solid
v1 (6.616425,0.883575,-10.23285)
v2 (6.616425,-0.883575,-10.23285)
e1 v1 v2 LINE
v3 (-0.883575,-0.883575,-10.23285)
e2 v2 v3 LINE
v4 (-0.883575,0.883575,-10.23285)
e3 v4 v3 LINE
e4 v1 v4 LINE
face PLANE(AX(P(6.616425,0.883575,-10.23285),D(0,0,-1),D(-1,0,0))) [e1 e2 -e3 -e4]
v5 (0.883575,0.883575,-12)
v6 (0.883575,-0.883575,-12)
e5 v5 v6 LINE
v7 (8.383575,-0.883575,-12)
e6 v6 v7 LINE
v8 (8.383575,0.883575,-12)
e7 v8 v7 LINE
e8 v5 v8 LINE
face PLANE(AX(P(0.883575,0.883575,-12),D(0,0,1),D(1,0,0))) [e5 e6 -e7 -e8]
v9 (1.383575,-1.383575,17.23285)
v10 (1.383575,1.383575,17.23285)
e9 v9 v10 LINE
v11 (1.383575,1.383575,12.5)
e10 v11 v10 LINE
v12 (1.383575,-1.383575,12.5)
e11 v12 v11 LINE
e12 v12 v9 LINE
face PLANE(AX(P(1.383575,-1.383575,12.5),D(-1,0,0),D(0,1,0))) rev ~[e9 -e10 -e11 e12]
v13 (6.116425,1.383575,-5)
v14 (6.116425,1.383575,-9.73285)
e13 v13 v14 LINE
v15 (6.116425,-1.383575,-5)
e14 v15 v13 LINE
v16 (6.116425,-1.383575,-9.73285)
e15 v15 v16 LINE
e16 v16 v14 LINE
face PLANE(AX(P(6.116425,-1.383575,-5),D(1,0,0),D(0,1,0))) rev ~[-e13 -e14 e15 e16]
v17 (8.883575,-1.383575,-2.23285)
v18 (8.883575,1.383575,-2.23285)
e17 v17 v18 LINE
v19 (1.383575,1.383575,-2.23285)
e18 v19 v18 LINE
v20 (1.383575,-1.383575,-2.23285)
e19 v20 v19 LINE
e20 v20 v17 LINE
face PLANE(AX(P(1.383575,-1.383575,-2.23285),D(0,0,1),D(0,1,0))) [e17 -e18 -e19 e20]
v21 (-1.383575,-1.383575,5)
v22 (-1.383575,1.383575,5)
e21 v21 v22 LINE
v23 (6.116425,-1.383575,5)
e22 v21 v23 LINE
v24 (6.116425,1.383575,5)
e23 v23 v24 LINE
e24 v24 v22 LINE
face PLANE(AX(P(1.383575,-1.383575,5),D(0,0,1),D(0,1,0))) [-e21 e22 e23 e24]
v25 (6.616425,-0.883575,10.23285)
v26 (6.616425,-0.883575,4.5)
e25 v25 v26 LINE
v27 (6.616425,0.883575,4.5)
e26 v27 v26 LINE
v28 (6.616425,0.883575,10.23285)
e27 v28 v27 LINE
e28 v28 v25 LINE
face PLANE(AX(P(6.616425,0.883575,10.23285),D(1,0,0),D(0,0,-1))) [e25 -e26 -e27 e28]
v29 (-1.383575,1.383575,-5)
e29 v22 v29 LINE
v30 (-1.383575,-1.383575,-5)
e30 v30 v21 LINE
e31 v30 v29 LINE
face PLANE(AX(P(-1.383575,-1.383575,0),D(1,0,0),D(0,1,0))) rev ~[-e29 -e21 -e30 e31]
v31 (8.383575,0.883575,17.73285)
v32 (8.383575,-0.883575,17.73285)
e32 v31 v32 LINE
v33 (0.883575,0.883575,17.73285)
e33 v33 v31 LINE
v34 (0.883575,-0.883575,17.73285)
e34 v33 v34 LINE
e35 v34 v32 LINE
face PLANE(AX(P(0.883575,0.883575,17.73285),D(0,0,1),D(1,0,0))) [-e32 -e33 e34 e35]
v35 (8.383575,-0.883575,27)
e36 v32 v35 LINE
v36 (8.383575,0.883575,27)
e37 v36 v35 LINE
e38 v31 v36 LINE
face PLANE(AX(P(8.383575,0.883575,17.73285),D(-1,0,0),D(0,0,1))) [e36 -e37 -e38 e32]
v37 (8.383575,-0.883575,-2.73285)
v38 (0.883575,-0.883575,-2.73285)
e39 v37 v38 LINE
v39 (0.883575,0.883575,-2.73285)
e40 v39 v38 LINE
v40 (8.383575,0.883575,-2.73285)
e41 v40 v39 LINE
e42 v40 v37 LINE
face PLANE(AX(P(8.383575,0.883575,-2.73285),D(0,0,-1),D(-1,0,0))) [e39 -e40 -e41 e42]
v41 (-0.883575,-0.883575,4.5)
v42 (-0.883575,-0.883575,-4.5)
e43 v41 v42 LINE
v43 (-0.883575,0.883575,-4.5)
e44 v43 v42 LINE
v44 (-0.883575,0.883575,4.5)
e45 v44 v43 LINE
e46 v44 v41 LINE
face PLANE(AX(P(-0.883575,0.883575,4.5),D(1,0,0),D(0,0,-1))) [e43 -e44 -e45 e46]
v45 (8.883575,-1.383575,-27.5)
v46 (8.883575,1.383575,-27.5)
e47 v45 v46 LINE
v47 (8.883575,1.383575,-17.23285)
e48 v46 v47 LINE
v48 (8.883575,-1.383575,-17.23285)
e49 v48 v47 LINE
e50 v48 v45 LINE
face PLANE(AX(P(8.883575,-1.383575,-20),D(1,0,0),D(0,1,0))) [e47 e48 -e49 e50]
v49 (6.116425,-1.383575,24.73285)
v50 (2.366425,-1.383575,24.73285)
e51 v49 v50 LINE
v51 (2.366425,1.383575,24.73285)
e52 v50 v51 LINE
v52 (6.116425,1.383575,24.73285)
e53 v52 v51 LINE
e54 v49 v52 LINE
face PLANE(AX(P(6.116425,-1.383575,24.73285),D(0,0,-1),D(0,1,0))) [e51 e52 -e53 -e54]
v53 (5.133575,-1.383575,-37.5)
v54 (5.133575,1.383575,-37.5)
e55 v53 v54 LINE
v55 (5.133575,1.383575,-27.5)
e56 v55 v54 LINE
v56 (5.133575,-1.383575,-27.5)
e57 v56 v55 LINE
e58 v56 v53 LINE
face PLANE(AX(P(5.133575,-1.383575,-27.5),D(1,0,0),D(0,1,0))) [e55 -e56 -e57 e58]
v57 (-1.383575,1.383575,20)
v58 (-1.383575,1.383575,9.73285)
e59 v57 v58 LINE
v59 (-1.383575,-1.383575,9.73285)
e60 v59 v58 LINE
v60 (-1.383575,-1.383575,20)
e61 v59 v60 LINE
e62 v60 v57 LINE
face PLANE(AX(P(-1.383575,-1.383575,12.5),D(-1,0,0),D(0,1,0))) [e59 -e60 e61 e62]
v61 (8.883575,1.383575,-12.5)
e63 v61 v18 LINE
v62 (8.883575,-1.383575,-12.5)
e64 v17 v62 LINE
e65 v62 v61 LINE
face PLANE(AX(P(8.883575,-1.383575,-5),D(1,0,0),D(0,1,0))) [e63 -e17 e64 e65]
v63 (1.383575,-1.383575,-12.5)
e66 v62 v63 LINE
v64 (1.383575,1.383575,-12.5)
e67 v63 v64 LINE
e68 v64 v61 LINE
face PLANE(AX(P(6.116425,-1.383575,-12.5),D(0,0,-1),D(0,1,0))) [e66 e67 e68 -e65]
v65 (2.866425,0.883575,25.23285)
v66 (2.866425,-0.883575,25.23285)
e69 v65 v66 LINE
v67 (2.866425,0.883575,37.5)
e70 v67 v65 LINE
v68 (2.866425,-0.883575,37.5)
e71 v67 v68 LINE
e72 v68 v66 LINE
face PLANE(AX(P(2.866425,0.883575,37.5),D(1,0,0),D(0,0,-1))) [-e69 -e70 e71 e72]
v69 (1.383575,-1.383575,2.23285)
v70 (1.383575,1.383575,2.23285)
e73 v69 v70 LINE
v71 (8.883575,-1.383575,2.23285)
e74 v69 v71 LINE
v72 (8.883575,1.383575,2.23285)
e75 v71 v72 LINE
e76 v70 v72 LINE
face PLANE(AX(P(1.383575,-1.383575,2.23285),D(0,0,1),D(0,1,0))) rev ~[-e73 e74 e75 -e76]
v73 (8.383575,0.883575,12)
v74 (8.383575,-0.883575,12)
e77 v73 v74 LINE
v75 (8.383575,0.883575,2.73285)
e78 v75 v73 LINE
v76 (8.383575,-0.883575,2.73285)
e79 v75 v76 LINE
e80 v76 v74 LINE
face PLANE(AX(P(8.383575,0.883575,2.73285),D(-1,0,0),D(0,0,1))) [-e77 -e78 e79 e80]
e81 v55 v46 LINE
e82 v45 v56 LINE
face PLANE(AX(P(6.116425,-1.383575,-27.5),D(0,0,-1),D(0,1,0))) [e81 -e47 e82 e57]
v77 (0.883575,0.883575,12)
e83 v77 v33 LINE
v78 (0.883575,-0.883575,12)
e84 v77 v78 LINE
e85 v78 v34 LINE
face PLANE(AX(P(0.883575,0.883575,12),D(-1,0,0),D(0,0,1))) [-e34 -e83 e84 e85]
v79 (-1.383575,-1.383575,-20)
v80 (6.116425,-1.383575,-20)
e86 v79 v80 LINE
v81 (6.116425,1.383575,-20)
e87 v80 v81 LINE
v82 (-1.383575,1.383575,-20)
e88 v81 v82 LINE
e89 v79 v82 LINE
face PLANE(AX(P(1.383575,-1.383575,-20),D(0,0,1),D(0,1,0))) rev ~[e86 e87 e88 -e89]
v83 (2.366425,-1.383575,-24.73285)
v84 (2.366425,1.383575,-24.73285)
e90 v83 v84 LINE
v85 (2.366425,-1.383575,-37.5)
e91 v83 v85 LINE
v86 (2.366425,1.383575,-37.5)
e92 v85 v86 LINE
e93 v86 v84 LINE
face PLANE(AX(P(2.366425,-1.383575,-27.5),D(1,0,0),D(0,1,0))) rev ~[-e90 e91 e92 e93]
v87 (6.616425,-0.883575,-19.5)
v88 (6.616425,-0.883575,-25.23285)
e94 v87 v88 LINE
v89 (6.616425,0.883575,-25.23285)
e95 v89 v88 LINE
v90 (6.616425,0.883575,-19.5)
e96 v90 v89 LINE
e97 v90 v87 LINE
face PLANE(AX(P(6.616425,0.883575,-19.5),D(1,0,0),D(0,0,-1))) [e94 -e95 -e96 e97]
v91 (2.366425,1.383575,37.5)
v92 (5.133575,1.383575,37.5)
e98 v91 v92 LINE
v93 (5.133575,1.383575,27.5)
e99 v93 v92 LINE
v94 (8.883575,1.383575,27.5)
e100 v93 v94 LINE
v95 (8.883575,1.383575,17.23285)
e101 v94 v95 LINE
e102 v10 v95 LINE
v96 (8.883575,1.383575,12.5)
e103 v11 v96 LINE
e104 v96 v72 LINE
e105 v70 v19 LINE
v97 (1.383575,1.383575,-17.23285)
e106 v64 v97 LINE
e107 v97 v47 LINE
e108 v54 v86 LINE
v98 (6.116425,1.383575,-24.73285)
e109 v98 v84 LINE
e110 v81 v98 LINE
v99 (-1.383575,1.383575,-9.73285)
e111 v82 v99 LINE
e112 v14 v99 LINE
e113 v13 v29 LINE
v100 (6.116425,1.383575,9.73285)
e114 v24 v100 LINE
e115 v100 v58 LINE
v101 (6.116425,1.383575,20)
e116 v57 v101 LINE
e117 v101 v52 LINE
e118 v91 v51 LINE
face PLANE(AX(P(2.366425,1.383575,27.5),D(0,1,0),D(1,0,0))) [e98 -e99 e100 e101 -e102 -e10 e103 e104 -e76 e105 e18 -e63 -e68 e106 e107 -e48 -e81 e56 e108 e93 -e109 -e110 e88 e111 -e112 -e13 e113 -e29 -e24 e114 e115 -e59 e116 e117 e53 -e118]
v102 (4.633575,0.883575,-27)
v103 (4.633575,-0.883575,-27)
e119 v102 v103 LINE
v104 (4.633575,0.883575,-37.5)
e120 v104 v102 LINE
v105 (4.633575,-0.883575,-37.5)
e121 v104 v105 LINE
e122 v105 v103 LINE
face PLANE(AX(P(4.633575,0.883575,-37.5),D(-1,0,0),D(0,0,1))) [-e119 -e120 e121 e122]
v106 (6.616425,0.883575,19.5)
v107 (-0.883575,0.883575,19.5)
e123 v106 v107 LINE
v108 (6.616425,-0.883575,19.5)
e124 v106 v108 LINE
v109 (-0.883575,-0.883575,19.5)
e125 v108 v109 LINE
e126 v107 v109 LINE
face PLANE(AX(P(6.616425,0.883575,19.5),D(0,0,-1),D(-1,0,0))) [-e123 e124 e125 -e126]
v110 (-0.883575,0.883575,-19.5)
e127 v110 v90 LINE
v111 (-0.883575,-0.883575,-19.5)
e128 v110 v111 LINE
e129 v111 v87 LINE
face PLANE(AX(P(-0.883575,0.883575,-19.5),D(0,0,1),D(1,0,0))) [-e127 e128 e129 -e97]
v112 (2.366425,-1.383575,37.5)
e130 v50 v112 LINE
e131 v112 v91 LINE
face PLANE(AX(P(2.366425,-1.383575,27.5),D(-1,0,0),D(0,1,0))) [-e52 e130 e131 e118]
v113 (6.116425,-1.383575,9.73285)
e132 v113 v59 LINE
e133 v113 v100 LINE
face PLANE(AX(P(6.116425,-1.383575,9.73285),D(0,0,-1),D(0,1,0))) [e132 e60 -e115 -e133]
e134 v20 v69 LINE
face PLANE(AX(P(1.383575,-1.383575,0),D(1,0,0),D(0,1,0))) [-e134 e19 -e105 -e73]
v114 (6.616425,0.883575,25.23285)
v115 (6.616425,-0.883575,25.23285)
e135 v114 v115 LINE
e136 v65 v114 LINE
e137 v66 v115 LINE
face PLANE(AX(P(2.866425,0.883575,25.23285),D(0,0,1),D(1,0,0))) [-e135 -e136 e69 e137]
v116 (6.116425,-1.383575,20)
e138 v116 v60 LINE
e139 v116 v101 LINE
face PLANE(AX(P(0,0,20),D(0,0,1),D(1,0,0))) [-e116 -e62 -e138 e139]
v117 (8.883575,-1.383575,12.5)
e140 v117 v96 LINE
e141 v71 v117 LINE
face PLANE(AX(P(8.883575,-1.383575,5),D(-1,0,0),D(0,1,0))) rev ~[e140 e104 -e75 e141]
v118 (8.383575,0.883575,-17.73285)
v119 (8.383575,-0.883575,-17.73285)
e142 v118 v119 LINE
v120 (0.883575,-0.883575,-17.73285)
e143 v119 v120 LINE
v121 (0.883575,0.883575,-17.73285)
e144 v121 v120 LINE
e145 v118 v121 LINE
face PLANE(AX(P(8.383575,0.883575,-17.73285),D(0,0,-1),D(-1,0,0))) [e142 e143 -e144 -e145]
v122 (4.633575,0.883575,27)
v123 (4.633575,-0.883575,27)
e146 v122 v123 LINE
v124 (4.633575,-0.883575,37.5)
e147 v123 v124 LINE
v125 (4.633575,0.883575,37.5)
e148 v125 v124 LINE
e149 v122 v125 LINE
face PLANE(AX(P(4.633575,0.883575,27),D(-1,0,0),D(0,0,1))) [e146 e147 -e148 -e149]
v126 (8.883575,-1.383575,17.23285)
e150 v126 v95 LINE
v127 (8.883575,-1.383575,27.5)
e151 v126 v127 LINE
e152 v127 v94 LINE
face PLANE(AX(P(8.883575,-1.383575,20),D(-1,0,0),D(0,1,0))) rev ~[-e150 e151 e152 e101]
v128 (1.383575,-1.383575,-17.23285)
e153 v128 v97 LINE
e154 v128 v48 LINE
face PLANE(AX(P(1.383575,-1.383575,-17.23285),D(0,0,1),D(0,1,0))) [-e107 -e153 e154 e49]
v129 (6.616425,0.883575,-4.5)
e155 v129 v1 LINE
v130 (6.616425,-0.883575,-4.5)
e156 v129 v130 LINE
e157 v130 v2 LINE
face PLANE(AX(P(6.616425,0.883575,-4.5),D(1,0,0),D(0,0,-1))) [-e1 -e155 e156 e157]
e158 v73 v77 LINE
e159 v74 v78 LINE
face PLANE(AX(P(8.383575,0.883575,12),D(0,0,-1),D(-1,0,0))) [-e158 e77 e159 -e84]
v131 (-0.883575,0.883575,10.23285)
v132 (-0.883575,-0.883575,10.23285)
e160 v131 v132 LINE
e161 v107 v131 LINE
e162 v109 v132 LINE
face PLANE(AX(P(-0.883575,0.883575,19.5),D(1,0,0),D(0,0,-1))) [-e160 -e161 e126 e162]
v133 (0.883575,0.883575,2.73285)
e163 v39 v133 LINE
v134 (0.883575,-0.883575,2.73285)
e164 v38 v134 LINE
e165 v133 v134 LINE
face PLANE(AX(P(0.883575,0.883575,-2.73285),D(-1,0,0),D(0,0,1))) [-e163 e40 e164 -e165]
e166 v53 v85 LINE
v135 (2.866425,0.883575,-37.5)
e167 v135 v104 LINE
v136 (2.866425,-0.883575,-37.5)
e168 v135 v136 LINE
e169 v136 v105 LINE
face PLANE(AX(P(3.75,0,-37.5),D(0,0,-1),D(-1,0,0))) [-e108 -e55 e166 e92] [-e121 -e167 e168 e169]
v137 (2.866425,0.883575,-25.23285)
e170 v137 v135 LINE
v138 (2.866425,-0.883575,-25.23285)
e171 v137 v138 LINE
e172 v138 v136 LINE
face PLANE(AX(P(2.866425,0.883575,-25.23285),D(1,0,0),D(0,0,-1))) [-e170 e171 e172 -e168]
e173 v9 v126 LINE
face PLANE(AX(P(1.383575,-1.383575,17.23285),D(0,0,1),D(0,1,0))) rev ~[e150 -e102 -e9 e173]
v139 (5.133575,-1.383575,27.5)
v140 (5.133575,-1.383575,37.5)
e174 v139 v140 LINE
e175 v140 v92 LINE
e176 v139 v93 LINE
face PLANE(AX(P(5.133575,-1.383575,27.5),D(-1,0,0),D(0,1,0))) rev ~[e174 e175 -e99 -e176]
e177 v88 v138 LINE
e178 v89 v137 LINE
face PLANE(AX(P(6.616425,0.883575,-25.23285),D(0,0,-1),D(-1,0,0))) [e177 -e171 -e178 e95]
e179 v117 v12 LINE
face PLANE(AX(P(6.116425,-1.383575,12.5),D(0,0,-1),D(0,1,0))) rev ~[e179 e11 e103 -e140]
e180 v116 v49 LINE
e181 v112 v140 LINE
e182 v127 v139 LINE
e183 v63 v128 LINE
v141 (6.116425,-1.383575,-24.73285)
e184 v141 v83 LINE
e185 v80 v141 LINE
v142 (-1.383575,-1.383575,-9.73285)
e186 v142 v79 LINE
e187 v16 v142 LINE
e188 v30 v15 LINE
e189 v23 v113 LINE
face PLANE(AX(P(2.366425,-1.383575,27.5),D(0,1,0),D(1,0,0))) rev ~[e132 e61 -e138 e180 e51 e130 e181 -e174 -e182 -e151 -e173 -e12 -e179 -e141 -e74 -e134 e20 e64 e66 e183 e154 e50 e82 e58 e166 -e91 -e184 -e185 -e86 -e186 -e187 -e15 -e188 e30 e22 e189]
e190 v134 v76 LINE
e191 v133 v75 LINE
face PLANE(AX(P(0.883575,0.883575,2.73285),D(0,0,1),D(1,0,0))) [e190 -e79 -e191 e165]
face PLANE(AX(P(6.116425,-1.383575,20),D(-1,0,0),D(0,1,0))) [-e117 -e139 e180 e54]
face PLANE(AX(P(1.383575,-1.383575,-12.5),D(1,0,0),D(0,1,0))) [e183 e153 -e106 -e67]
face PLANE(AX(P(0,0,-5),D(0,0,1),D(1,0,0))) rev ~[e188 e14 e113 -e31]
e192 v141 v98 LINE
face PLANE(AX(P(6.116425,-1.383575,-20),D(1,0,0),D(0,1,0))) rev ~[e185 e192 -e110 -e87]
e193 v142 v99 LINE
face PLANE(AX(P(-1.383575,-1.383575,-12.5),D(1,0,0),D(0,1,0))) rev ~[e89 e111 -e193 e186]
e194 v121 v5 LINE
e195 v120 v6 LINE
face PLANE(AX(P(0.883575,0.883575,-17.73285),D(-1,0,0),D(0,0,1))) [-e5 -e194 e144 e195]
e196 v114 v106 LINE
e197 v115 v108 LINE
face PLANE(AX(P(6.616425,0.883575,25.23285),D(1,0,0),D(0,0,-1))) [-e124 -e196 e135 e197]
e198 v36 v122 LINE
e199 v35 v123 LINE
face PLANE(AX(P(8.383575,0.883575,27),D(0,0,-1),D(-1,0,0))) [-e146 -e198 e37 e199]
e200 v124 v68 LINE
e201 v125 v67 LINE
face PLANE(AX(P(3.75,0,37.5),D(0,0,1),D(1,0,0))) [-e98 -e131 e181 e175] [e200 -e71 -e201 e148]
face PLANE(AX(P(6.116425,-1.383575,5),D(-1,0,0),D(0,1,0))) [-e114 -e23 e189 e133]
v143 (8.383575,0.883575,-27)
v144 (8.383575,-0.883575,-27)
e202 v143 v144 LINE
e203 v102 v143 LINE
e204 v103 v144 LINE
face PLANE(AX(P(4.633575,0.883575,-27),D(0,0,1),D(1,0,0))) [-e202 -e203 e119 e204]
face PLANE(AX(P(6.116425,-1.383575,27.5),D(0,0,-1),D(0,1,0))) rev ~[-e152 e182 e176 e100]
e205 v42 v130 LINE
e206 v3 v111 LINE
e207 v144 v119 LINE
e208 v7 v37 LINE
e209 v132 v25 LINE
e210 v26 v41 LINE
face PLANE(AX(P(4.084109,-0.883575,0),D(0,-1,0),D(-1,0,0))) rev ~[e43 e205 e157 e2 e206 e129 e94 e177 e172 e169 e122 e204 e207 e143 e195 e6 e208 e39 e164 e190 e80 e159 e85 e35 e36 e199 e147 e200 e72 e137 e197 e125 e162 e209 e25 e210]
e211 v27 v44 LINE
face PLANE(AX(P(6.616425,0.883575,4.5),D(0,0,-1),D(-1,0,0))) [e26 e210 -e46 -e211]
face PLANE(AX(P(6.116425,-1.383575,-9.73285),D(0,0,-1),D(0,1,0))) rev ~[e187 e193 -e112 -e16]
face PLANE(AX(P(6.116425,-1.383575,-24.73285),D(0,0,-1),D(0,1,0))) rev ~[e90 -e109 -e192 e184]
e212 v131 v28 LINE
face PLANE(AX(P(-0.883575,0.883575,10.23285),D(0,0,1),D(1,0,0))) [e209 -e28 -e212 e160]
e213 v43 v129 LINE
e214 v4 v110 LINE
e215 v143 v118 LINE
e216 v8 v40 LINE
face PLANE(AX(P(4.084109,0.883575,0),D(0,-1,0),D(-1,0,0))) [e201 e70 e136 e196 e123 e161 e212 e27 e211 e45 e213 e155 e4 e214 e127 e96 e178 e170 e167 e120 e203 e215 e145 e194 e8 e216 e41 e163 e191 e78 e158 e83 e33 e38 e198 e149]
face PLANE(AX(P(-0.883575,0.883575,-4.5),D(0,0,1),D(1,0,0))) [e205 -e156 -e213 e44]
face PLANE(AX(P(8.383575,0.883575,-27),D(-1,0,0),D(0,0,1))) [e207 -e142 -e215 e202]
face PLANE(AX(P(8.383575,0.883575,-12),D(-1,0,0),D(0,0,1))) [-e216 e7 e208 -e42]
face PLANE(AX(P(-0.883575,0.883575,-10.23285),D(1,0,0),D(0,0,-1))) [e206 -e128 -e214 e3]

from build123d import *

# Parameters (mm, degrees)
SKETCH3_W            = 2.76715
SKETCH3_H            = 2.76715
BOSS_EXTRUDE1_DEPTH  = 5
SKETCH4_W            = 2.76715
SKETCH4_H            = 2.76715
BOSS_EXTRUDE2_DEPTH  = 7.5
SKETCH5_W            = 2.76715
SKETCH5_H            = 2.76715
BOSS_EXTRUDE3_DEPTH  = 7.5
SKETCH6_W            = 2.76715
SKETCH6_H            = 2.76715
BOSS_EXTRUDE4_DEPTH  = 7.5
SKETCH7_W            = 2.76715
SKETCH7_H            = 2.76715
BOSS_EXTRUDE5_DEPTH  = 7.5
SKETCH8_W            = 2.76715
SKETCH8_H            = 2.76715
BOSS_EXTRUDE6_DEPTH  = 7.5
SKETCH9_W            = 2.76715
SKETCH9_H            = 2.76715
BOSS_EXTRUDE7_DEPTH  = 7.5
SKETCH10_W           = 2.76715
SKETCH10_H           = 2.76715
BOSS_EXTRUDE8_DEPTH  = 7.5
SKETCH11_W           = 2.76715
SKETCH11_H           = 2.76715
BOSS_EXTRUDE9_DEPTH  = 7.5
SKETCH12_W           = 2.76715
SKETCH12_H           = 2.76715
BOSS_EXTRUDE10_DEPTH = 7.5
SKETCH13_W           = 2.76715
SKETCH13_H           = 2.76715
BOSS_EXTRUDE11_DEPTH = 3.75
SKETCH14_W           = 2.76715
SKETCH14_H           = 2.76715
BOSS_EXTRUDE12_DEPTH = 10
SKETCH15_W           = 2.76715
SKETCH15_H           = 2.76715
BOSS_EXTRUDE13_DEPTH = 7.5
SKETCH16_W           = 2.76715
SKETCH16_H           = 2.76715
BOSS_EXTRUDE14_DEPTH = 3.75
SKETCH17_W           = 2.76715
SKETCH17_H           = 2.76715
BOSS_EXTRUDE15_DEPTH = 10
CUT_EXTRUDE3_START   = -0.5
CUT_EXTRUDE3_DEPTH   = 1.76715


with BuildPart() as part:
    # Sketch3 → Boss-Extrude1 (new, symmetric)
    with BuildSketch(Plane.XY):
        Rectangle(SKETCH3_W, SKETCH3_H)
    extrude(amount=BOSS_EXTRUDE1_DEPTH, both=True)

    # Sketch4 → Boss-Extrude2 (add)
    with BuildSketch(Plane(origin=(1.383575, 0, 0), x_dir=(0, 0, -1), z_dir=(1, 0, 0))):
        with Locations((-3.616425, 0)):
            Rectangle(SKETCH4_W, SKETCH4_H)
        with Locations((3.616425, 0)):
            Rectangle(SKETCH4_W, SKETCH4_H)
    extrude(amount=BOSS_EXTRUDE2_DEPTH)

    # Sketch5 → Boss-Extrude3 (add)
    with BuildSketch(Plane.XY.offset(5)):
        with Locations((7.5, 0)):
            Rectangle(SKETCH5_W, SKETCH5_H)
    extrude(amount=BOSS_EXTRUDE3_DEPTH)

    # Sketch6 → Boss-Extrude4 (add)
    with BuildSketch(Plane.ZY.offset(-6.116425)):
        with Locations((11.116425, 0)):
            Rectangle(SKETCH6_W, SKETCH6_H)
    extrude(amount=BOSS_EXTRUDE4_DEPTH)

    # Sketch7 → Boss-Extrude5 (add)
    with BuildSketch(Plane.XY.offset(12.5)):
        Rectangle(SKETCH7_W, SKETCH7_H)
    extrude(amount=BOSS_EXTRUDE5_DEPTH)

    # Sketch8 → Boss-Extrude6 (add)
    with BuildSketch(Plane(origin=(0, 0, -5), x_dir=(-1, 0, 0), z_dir=(0, 0, -1))):
        with Locations((-7.5, 0)):
            Rectangle(SKETCH8_W, SKETCH8_H)
    extrude(amount=BOSS_EXTRUDE6_DEPTH)

    # Sketch9 → Boss-Extrude7 (add)
    with BuildSketch(Plane.ZY.offset(-6.116425)):
        with Locations((-11.116425, 0)):
            Rectangle(SKETCH9_W, SKETCH9_H)
    extrude(amount=BOSS_EXTRUDE7_DEPTH)

    # Sketch10 → Boss-Extrude8 (add)
    with BuildSketch(Plane(origin=(0, 0, -12.5), x_dir=(-1, 0, 0), z_dir=(0, 0, -1))):
        Rectangle(SKETCH10_W, SKETCH10_H)
    extrude(amount=BOSS_EXTRUDE8_DEPTH)

    # Sketch11 → Boss-Extrude9 (add)
    with BuildSketch(Plane(origin=(1.383575, 0, 0), x_dir=(0, 0, -1), z_dir=(1, 0, 0))):
        with Locations((18.616425, 0)):
            Rectangle(SKETCH11_W, SKETCH11_H)
        with Locations((-18.616425, 0)):
            Rectangle(SKETCH11_W, SKETCH11_H)
    extrude(amount=BOSS_EXTRUDE9_DEPTH)

    # Sketch12 → Boss-Extrude10 (add)
    with BuildSketch(Plane(origin=(0, 0, -20), x_dir=(-1, 0, 0), z_dir=(0, 0, -1))):
        with Locations((-7.5, 0)):
            Rectangle(SKETCH12_W, SKETCH12_H)
    extrude(amount=BOSS_EXTRUDE10_DEPTH)

    # Sketch13 → Boss-Extrude11 (add)
    with BuildSketch(Plane.ZY.offset(-6.116425)):
        with Locations((-26.116425, 0)):
            Rectangle(SKETCH13_W, SKETCH13_H)
    extrude(amount=BOSS_EXTRUDE11_DEPTH)

    # Sketch14 → Boss-Extrude12 (add)
    with BuildSketch(Plane(origin=(0, 0, -27.5), x_dir=(-1, 0, 0), z_dir=(0, 0, -1))):
        with Locations((-3.75, 0)):
            Rectangle(SKETCH14_W, SKETCH14_H)
    extrude(amount=BOSS_EXTRUDE12_DEPTH)

    # Sketch15 → Boss-Extrude13 (add)
    with BuildSketch(Plane.XY.offset(20)):
        with Locations((7.5, 0)):
            Rectangle(SKETCH15_W, SKETCH15_H)
    extrude(amount=BOSS_EXTRUDE13_DEPTH)

    # Sketch16 → Boss-Extrude14 (add)
    with BuildSketch(Plane.ZY.offset(-6.116425)):
        with Locations((26.116425, 0)):
            Rectangle(SKETCH16_W, SKETCH16_H)
    extrude(amount=BOSS_EXTRUDE14_DEPTH)

    # Sketch17 → Boss-Extrude15 (add)
    with BuildSketch(Plane.XY.offset(27.5)):
        with Locations((3.75, 0)):
            Rectangle(SKETCH17_W, SKETCH17_H)
    extrude(amount=BOSS_EXTRUDE15_DEPTH)

    # Sketch23 → Cut-Extrude3 (cut)
    with BuildSketch(Plane(origin=(0, 1.383575, 0), x_dir=(1, 0, 0), z_dir=(0, 1, 0)).offset(CUT_EXTRUDE3_START)):
        Polygon((2.866425, 37.5), (4.633575, 37.5), (4.633575, 27), (8.383575, 27), (8.383575, 17.73285), (0.883575, 17.73285), (0.883575, 12), (8.383575, 12), (8.383575, 2.73285), (0.883575, 2.73285), (0.883575, -2.73285), (8.383575, -2.73285), (8.383575, -12), (0.883575, -12), (0.883575, -17.73285), (8.383575, -17.73285), (8.383575, -27), (4.633575, -27), (4.633575, -37.5), (2.866425, -37.5), (2.866425, -25.23285), (6.616425, -25.23285), (6.616425, -19.5), (-0.883575, -19.5), (-0.883575, -10.23285), (6.616425, -10.23285), (6.616425, -4.5), (-0.883575, -4.5), (-0.883575, 4.5), (6.616425, 4.5), (6.616425, 10.23285), (-0.883575, 10.23285), (-0.883575, 19.5), (6.616425, 19.5), (6.616425, 25.23285), (2.866425, 25.23285), align=None)
    extrude(amount=-CUT_EXTRUDE3_DEPTH, mode=Mode.SUBTRACT)


solid = part.part
